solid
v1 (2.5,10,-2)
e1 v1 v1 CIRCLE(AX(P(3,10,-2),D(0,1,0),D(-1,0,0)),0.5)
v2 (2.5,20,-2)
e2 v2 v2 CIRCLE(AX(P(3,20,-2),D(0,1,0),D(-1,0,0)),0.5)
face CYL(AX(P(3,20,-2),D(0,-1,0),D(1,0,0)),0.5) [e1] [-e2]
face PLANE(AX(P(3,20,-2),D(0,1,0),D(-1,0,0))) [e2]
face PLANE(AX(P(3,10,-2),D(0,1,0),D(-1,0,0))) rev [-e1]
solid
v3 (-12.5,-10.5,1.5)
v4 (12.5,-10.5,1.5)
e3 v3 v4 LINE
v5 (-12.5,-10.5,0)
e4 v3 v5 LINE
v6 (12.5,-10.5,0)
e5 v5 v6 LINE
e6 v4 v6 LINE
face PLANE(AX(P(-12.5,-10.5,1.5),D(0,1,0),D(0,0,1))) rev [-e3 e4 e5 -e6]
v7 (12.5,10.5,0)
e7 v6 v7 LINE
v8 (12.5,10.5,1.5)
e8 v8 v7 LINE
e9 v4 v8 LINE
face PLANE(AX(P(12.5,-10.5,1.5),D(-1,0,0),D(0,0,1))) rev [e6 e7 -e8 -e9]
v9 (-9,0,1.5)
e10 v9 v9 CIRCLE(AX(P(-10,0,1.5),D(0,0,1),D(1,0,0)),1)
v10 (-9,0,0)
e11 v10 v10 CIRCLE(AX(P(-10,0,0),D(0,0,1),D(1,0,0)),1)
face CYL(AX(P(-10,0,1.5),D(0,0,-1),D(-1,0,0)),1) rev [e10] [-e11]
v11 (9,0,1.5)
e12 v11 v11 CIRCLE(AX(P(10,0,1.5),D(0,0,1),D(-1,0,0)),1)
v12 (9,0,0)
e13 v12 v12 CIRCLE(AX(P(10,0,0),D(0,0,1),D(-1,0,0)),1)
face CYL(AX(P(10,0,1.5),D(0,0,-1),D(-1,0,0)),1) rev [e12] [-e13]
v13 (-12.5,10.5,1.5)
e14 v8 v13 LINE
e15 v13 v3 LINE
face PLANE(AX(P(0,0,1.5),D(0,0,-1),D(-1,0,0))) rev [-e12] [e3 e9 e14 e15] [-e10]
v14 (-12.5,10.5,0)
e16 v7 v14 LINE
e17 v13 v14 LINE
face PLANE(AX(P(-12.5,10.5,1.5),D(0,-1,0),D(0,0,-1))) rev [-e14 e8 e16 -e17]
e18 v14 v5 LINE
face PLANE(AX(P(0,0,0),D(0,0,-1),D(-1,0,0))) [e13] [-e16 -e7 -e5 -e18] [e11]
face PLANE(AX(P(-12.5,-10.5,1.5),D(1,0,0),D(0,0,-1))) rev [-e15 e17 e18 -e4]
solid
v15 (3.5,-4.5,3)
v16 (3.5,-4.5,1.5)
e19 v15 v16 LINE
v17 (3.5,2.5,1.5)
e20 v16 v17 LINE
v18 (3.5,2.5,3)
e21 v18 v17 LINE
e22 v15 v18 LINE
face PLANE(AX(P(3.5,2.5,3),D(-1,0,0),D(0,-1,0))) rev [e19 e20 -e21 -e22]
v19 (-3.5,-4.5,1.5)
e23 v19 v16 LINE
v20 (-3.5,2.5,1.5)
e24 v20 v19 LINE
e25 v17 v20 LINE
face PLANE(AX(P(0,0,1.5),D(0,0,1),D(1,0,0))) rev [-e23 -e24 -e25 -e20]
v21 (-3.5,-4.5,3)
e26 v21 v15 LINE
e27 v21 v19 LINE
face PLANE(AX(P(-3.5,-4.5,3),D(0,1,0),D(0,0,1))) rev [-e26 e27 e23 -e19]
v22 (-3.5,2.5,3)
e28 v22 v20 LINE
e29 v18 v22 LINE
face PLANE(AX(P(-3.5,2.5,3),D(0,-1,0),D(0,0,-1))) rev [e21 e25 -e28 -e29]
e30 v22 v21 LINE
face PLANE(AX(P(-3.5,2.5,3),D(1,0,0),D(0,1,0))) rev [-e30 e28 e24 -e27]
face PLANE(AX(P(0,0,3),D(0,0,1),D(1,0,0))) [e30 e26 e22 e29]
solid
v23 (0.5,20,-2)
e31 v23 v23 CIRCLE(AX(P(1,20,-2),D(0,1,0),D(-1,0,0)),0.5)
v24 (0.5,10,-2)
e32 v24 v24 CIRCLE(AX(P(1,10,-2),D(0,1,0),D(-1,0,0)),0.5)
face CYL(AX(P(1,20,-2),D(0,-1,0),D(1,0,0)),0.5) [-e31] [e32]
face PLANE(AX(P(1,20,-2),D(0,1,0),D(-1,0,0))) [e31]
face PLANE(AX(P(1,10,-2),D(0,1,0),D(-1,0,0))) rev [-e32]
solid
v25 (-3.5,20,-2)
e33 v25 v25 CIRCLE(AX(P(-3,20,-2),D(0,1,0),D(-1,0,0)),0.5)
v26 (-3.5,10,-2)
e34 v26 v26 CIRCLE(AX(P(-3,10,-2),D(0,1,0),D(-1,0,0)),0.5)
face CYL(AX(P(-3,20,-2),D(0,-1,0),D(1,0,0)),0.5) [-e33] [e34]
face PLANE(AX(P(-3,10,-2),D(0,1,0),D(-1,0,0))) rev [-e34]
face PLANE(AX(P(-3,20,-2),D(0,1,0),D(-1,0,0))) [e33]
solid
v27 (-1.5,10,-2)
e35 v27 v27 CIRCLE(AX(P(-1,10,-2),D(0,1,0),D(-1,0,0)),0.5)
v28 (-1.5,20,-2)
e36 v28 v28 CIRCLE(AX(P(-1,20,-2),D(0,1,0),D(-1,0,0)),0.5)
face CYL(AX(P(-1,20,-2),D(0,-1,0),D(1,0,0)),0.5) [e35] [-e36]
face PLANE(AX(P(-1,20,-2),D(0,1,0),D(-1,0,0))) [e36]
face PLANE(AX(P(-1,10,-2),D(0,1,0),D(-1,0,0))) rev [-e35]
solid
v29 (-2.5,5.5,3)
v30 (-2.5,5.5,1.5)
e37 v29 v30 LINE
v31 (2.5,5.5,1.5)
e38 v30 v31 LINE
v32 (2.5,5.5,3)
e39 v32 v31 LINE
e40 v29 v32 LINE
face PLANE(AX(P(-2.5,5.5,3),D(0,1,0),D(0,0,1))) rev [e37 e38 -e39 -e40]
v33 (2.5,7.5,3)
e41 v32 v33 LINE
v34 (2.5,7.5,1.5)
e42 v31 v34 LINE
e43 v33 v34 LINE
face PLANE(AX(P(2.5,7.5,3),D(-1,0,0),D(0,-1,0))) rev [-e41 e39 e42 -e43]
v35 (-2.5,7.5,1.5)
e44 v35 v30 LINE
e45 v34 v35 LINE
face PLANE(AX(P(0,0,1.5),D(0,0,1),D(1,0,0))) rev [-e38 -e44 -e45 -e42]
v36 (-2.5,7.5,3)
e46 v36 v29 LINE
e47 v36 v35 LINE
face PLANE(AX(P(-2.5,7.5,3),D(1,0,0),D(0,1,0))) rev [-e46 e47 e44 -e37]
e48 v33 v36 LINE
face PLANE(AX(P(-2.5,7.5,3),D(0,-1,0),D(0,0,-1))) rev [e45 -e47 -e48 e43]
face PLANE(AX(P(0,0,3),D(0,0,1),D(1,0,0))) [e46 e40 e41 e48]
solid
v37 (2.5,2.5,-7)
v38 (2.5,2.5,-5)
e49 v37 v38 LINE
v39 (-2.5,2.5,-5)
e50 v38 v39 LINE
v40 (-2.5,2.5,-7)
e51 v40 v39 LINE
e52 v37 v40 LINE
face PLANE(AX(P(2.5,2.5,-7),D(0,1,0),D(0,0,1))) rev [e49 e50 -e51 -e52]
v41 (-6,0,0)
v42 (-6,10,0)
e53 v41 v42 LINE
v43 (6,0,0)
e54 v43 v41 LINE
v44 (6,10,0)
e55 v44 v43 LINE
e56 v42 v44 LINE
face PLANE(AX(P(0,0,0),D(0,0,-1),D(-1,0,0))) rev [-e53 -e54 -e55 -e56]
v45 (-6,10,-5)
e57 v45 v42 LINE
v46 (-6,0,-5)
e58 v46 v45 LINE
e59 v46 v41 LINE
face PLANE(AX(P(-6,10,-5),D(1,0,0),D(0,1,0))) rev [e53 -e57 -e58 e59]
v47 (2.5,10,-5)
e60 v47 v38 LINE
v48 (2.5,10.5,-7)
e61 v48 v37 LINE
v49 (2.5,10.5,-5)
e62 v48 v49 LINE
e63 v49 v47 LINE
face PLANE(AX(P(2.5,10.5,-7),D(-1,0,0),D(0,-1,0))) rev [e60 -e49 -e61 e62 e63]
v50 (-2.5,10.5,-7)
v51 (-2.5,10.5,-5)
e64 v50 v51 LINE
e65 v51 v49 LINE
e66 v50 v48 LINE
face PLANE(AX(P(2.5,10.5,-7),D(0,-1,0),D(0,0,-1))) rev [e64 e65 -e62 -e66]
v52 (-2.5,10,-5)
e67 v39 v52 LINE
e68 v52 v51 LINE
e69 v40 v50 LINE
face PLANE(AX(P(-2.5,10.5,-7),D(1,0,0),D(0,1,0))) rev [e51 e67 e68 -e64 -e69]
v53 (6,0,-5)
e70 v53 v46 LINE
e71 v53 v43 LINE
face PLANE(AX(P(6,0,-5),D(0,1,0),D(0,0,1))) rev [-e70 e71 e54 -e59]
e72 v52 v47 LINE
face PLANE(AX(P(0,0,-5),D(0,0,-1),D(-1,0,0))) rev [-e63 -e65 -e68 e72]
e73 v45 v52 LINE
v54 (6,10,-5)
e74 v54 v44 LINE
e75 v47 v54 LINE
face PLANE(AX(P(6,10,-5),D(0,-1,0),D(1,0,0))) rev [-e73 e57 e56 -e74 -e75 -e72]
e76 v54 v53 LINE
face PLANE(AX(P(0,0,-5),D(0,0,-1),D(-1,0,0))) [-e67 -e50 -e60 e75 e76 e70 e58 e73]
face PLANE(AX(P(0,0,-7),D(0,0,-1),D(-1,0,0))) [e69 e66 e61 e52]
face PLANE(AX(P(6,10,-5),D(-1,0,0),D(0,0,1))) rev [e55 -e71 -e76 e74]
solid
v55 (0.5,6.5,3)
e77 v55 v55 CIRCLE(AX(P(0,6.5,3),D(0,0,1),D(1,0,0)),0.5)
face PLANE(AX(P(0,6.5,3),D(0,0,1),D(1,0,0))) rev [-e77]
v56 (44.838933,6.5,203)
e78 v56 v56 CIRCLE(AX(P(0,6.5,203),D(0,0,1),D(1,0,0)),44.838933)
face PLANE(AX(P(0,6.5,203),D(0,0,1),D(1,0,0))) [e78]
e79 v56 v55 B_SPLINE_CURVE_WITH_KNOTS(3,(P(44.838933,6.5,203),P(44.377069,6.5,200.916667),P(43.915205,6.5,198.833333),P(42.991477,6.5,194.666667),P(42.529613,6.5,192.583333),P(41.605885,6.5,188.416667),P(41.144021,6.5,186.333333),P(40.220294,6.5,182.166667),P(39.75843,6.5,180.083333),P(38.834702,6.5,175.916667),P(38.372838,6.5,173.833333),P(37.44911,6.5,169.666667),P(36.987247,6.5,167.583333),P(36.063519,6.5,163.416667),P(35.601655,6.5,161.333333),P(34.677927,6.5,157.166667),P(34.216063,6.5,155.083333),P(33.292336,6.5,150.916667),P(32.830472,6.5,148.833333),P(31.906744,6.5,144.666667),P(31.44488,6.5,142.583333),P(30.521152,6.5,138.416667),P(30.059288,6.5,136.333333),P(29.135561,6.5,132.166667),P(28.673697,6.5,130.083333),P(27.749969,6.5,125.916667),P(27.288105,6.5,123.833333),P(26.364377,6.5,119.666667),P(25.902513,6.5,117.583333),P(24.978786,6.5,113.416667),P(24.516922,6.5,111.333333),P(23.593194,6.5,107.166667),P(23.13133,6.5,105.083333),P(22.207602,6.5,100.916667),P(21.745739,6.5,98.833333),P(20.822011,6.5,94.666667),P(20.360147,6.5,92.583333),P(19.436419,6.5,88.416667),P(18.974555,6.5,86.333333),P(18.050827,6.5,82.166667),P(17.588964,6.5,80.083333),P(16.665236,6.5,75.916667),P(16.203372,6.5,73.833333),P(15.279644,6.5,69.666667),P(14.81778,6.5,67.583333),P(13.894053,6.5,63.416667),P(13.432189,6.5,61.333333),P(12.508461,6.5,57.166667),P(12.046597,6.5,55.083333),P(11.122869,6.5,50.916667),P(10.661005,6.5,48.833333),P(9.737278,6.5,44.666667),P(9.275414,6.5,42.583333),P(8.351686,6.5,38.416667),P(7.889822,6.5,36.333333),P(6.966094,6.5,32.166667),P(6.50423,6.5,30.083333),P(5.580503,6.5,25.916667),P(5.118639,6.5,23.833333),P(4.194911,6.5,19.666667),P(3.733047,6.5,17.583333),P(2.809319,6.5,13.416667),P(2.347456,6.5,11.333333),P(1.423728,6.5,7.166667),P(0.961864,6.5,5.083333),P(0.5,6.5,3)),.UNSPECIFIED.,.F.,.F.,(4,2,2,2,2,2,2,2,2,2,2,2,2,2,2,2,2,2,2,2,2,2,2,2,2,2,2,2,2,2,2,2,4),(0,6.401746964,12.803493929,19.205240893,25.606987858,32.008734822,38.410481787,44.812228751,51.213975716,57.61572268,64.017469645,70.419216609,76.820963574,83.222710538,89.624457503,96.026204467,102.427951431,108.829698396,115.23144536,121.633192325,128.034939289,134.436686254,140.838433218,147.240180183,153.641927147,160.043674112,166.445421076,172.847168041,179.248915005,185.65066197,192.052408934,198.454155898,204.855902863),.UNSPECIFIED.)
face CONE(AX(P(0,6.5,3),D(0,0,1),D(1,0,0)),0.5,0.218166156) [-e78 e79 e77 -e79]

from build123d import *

# Parameters (mm, degrees)
ESQUISSE1_W          = 25
ESQUISSE1_H          = 21
ESQUISSE1_R          = 1
BOSS_EXTRU_1_DEPTH   = 1.5
ESQUISSE2_W          = 12
ESQUISSE2_H          = 10
BOSS_EXTRU_2_DEPTH   = 5
ESQUISSE3_W          = 5
ESQUISSE3_H          = 2
BOSS_EXTRU_3_DEPTH   = 1.5
ESQUISSE3_W_2        = 7
ESQUISSE3_H_2        = 7
BOSS_EXTRU_3_2_DEPTH = 1.5
ESQUISSE4_W          = 5
ESQUISSE4_H          = 8
BOSS_EXTRU_4_DEPTH   = 2
ESQUISSE5_R          = 0.5
BOSS_EXTRU_5_DEPTH   = 10
BOSS_EXTRU_5_2_DEPTH = 10
BOSS_EXTRU_5_3_DEPTH = 10
BOSS_EXTRU_5_4_DEPTH = 10
ESQUISSE6_R          = 0.5
BOSS_EXTRU_6_DEPTH   = 200
BOSS_EXTRU_6_DRAFT   = -12.5


with BuildPart() as part:
    # Esquisse1 → Boss.-Extru.1 (new body)
    with BuildSketch(Plane.XY):
        Rectangle(ESQUISSE1_W, ESQUISSE1_H)
        with Locations((-10, 0)):
            Circle(ESQUISSE1_R, mode=Mode.SUBTRACT)
        with Locations(Location((10, 0, 0), (0, 0, 180))):
            Circle(ESQUISSE1_R, mode=Mode.SUBTRACT)
    extrude(amount=BOSS_EXTRU_1_DEPTH)


with BuildPart() as body_2:
    # Esquisse2 → Boss.-Extru.2 (new body)
    with BuildSketch(Plane(origin=(0, 0, 0), x_dir=(-1, 0, 0), z_dir=(0, 0, -1))):
        with Locations((0, 5)):
            Rectangle(ESQUISSE2_W, ESQUISSE2_H)
    extrude(amount=BOSS_EXTRU_2_DEPTH)

    # Esquisse4 → Boss.-Extru.4 (add)
    with BuildSketch(Plane(origin=(0, 0, -5), x_dir=(-1, 0, 0), z_dir=(0, 0, -1))):
        with Locations((0, 6.5)):
            Rectangle(ESQUISSE4_W, ESQUISSE4_H)
    extrude(amount=BOSS_EXTRU_4_DEPTH)


with BuildPart() as body_3:
    # Esquisse3 → Boss.-Extru.3 (new body)
    with BuildSketch(Plane.XY.offset(1.5)):
        with Locations((0, 6.5)):
            Rectangle(ESQUISSE3_W, ESQUISSE3_H)
    extrude(amount=BOSS_EXTRU_3_DEPTH)


with BuildPart() as body_4:
    # Esquisse3 → Boss.-Extru.3 2 (new body)
    with BuildSketch(Plane.XY.offset(1.5)):
        with Locations((0, -1)):
            Rectangle(ESQUISSE3_W_2, ESQUISSE3_H_2)
    extrude(amount=BOSS_EXTRU_3_2_DEPTH)


with BuildPart() as body_5:
    # Esquisse5 → Boss.-Extru.5 (new body)
    with BuildSketch(Plane(origin=(0, 10, 0), x_dir=(1, 0, 0), z_dir=(0, 1, 0))):
        with Locations(Location((-3, 2, 0), (0, 0, 180))):
            Circle(ESQUISSE5_R)
    extrude(amount=BOSS_EXTRU_5_DEPTH)


with BuildPart() as body_6:
    # Esquisse5 → Boss.-Extru.5 2 (new body)
    with BuildSketch(Plane(origin=(0, 10, 0), x_dir=(1, 0, 0), z_dir=(0, 1, 0))):
        with Locations(Location((-1, 2, 0), (0, 0, 180))):
            Circle(ESQUISSE5_R)
    extrude(amount=BOSS_EXTRU_5_2_DEPTH)


with BuildPart() as body_7:
    # Esquisse5 → Boss.-Extru.5 3 (new body)
    with BuildSketch(Plane(origin=(0, 10, 0), x_dir=(1, 0, 0), z_dir=(0, 1, 0))):
        with Locations(Location((1, 2, 0), (0, 0, 180))):
            Circle(ESQUISSE5_R)
    extrude(amount=BOSS_EXTRU_5_3_DEPTH)


with BuildPart() as body_8:
    # Esquisse5 → Boss.-Extru.5 4 (new body)
    with BuildSketch(Plane(origin=(0, 10, 0), x_dir=(1, 0, 0), z_dir=(0, 1, 0))):
        with Locations(Location((3, 2, 0), (0, 0, 180))):
            Circle(ESQUISSE5_R)
    extrude(amount=BOSS_EXTRU_5_4_DEPTH)


with BuildPart() as body_9:
    # Esquisse6 → Boss.-Extru.6 (with draft: the straight prism first)
    with BuildSketch(Plane.XY.offset(3)):
        with Locations((0, 6.5)):
            Circle(ESQUISSE6_R)
    extrude(amount=BOSS_EXTRU_6_DEPTH)
    # Boss.-Extru.6: the draft: its side faces are tilted about the plane it starts from
    boss_extru_6_sides = [body_9.faces().sort_by_distance(p)[0] for p in [
        (-0.5, 6.5, 103),
    ]]
    draft(boss_extru_6_sides, Plane.XY.offset(3), BOSS_EXTRU_6_DRAFT)


solid = Compound([part.part, body_2.part, body_3.part, body_4.part, body_5.part, body_6.part, body_7.part, body_8.part, body_9.part])
